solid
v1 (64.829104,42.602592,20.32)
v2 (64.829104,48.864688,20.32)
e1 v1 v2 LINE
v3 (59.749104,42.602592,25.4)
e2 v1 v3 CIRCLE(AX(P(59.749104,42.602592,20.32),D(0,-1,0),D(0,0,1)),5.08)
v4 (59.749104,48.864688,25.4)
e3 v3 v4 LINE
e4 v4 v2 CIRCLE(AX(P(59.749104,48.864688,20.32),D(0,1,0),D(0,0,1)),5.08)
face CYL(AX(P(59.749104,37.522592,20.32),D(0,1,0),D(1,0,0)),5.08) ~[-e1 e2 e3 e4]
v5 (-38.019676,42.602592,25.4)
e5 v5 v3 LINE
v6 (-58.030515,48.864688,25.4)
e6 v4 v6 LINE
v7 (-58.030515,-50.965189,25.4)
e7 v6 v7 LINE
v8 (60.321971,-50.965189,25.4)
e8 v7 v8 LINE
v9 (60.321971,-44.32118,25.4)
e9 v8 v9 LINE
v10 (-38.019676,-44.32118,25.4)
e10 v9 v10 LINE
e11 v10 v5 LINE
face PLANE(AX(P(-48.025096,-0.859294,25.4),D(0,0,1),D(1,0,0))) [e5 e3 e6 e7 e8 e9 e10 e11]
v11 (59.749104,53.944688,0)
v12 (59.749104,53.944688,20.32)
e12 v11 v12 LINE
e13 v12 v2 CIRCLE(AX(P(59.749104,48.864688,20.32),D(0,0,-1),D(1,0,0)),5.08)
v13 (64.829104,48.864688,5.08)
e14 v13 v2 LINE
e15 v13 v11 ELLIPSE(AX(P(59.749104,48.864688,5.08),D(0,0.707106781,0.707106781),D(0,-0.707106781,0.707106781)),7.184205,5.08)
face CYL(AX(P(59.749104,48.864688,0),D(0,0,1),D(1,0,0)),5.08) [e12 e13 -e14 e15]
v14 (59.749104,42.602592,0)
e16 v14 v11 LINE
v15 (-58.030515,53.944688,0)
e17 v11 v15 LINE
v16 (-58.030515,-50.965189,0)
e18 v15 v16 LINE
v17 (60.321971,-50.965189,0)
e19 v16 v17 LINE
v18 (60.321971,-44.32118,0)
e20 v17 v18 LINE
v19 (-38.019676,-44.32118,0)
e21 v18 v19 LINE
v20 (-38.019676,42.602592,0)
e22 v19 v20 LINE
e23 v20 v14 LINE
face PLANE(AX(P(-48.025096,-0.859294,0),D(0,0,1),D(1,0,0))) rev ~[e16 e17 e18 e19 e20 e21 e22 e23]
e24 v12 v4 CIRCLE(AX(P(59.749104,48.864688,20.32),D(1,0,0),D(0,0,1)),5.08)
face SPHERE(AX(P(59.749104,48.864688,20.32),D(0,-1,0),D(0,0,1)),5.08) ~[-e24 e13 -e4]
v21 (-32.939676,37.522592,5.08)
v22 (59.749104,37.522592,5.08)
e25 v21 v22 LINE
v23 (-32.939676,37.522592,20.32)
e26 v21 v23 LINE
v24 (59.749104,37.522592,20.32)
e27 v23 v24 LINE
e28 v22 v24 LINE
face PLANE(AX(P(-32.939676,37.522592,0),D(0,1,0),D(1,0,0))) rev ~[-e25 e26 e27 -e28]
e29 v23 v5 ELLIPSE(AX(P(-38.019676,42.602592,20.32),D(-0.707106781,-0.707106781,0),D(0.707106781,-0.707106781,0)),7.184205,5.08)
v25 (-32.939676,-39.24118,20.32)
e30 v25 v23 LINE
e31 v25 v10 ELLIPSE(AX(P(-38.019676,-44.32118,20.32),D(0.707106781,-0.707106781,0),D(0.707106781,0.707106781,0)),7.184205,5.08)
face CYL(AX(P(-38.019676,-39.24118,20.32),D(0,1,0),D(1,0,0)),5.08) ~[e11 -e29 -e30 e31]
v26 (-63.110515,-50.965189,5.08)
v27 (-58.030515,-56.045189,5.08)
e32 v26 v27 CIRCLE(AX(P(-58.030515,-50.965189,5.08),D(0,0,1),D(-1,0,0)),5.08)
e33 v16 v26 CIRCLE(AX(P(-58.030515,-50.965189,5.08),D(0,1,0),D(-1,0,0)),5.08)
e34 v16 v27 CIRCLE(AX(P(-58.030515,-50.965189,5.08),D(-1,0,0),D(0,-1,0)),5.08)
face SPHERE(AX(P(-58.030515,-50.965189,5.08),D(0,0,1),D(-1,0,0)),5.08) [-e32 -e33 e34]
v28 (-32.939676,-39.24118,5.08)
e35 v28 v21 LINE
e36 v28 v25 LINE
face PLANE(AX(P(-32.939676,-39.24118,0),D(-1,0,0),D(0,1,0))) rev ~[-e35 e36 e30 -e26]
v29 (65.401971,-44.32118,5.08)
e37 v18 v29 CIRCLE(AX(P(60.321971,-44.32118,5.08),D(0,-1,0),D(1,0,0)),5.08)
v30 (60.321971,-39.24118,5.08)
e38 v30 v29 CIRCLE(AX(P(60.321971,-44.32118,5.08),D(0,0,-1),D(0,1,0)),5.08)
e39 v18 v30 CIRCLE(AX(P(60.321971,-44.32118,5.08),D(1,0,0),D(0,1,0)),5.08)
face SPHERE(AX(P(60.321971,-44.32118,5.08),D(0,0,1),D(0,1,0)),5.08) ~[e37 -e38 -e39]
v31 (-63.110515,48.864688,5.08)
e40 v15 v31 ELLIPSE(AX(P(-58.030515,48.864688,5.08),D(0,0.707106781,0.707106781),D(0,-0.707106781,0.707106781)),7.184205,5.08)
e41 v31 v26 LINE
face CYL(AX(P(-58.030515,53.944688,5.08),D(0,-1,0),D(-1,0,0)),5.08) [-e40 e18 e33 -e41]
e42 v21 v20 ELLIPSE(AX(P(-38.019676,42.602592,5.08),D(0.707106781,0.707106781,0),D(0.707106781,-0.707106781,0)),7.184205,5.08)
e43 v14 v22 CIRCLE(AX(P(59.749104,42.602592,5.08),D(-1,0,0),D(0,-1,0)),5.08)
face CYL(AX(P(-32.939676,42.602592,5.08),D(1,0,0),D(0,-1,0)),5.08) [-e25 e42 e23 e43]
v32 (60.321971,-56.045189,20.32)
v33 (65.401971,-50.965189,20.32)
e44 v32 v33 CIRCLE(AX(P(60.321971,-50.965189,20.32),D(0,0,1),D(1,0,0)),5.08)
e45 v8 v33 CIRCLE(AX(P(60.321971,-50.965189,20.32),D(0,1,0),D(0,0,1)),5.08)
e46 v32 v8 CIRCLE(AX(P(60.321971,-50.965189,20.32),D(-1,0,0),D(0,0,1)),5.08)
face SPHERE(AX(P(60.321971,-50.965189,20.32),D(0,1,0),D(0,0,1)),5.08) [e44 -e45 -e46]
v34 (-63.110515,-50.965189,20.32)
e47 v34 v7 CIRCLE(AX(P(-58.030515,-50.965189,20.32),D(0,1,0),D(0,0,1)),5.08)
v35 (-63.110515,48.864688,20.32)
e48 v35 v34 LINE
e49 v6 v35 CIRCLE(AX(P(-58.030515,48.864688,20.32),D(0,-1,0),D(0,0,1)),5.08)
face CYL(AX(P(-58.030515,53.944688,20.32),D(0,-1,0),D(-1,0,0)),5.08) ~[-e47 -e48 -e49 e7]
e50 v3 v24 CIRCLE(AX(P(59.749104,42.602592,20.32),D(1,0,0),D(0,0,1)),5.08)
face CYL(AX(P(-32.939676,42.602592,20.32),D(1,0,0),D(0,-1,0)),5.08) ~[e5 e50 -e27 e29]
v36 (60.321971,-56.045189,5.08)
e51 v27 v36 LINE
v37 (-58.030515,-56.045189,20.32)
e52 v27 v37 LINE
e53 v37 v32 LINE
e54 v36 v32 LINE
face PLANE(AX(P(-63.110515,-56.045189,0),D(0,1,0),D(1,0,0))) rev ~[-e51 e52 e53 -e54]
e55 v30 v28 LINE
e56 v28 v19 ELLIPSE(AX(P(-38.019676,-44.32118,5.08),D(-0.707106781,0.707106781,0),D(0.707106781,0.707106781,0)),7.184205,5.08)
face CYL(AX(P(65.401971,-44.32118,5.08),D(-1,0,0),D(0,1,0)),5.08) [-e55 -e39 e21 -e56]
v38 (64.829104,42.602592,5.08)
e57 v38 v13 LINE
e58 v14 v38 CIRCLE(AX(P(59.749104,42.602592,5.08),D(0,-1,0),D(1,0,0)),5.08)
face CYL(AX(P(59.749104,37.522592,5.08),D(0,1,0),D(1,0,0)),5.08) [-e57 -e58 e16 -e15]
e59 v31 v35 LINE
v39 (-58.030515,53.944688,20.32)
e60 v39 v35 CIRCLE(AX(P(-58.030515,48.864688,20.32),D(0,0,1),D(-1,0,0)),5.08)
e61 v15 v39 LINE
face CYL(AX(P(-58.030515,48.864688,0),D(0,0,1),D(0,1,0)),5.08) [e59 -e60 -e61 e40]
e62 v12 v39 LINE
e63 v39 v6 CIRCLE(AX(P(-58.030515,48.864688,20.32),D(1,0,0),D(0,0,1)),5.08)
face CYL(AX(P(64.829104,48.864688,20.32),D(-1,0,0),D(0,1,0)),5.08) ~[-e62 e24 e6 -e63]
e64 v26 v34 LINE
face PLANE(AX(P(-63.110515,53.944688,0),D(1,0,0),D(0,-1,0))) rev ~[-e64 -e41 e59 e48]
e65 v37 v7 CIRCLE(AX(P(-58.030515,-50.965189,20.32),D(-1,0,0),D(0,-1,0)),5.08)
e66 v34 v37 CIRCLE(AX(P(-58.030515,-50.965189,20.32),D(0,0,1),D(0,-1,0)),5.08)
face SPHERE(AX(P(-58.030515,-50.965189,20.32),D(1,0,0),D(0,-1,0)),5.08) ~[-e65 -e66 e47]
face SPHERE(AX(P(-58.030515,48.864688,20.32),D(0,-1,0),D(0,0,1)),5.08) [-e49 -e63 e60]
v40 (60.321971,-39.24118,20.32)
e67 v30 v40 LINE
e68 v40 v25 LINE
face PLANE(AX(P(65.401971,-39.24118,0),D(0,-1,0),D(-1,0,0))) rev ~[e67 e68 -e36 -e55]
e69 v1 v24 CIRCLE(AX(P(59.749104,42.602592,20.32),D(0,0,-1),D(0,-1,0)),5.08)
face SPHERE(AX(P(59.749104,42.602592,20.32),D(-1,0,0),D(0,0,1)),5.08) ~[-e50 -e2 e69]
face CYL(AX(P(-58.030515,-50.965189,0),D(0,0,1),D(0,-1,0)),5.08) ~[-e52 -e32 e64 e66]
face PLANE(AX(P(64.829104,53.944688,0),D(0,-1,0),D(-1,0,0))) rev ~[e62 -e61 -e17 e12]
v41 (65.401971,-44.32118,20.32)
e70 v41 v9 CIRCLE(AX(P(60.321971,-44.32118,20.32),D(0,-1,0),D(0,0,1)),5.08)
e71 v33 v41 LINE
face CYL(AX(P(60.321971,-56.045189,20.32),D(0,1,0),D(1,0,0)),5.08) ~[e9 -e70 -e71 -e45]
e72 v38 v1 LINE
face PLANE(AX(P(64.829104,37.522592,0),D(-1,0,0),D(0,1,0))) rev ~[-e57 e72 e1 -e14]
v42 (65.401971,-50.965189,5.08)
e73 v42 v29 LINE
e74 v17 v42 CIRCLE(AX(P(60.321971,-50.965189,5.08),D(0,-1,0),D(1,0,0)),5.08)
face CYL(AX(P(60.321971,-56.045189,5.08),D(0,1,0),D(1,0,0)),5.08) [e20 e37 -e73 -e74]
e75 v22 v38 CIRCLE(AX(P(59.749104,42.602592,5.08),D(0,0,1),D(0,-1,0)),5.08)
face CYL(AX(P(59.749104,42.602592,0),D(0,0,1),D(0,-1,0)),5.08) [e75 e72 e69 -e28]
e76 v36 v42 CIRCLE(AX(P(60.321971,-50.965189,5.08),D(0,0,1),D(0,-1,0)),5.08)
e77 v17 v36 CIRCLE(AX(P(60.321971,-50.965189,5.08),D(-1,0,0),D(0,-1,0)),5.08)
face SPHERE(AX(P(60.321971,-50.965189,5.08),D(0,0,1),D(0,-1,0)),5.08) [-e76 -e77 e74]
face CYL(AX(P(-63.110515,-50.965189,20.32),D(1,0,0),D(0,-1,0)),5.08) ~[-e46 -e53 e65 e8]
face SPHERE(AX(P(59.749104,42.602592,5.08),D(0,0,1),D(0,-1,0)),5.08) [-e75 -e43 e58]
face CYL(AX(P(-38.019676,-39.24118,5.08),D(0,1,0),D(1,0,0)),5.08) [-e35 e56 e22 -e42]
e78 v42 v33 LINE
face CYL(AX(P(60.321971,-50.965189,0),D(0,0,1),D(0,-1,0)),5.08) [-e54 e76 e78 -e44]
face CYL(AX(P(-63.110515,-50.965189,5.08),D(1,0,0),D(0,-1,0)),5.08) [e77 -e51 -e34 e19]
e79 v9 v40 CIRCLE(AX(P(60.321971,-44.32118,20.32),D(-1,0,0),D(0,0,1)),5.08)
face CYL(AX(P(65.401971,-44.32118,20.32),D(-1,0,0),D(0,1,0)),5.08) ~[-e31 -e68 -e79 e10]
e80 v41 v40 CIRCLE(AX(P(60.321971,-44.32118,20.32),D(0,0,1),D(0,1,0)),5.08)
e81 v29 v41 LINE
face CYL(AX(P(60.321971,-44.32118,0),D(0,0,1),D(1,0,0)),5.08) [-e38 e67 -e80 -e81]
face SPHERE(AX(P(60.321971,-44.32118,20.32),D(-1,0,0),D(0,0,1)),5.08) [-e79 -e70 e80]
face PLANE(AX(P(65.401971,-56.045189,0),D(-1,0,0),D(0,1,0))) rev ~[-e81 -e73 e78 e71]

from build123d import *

# Parameters (mm, degrees)
F0_W     = 30.1708392799
F0_H     = 76.7637714744
F1_DEPTH = 25.4
F2_R     = 5.08


with BuildPart() as f1:
    # F0 (on Top) → F1 (new body)
    with BuildSketch(Plane.XY):
        with Locations((-48.0250958353, -0.8592940867)):
            Rectangle(F0_W, F0_H)
        Polygon((-32.9396761954, -39.2411798239), (-63.1105154753, -39.2411798239), (-63.1105154753, -56.0451894999), (65.4019713402, -56.0451894999), (65.4019713402, -39.2411798239), align=None)
        Polygon((64.8291036487, 53.9446882904), (-63.1105154753, 53.9446882904), (-63.1105154753, 37.5225916505), (-32.9396761954, 37.5225916505), (64.8291036487, 37.5225916505), align=None)
    extrude(amount=F1_DEPTH)

    # F2
    f2_edges = [f1.edges().sort_by_distance(p)[0] for p in [
        (15.944714, 37.522592, 25.4),
        (-32.939676, -0.859294, 25.4),
        (16.231148, -39.24118, 25.4),
        (65.401971, -47.643185, 25.4),
        (64.829104, 45.73364, 25.4),
        (1.145728, -56.045189, 25.4),
        (65.401971, -56.045189, 12.7),
        (65.401971, -39.24118, 12.7),
        (-63.110515, -56.045189, 12.7),
        (-63.110515, -1.050251, 25.4),
        (0.859294, 53.944688, 25.4),
        (64.829104, 37.522592, 12.7),
        (64.829104, 53.944688, 12.7),
        (-63.110515, 53.944688, 12.7),
        (-63.110515, -1.050251, 0),
        (1.145728, -56.045189, 0),
        (15.944714, 37.522592, 0),
        (-32.939676, -0.859294, 0),
        (16.231148, -39.24118, 0),
        (65.401971, -47.643185, 0),
        (64.829104, 45.73364, 0),
    ]]
    fillet(f2_edges, radius=F2_R)


solid = f1.part
